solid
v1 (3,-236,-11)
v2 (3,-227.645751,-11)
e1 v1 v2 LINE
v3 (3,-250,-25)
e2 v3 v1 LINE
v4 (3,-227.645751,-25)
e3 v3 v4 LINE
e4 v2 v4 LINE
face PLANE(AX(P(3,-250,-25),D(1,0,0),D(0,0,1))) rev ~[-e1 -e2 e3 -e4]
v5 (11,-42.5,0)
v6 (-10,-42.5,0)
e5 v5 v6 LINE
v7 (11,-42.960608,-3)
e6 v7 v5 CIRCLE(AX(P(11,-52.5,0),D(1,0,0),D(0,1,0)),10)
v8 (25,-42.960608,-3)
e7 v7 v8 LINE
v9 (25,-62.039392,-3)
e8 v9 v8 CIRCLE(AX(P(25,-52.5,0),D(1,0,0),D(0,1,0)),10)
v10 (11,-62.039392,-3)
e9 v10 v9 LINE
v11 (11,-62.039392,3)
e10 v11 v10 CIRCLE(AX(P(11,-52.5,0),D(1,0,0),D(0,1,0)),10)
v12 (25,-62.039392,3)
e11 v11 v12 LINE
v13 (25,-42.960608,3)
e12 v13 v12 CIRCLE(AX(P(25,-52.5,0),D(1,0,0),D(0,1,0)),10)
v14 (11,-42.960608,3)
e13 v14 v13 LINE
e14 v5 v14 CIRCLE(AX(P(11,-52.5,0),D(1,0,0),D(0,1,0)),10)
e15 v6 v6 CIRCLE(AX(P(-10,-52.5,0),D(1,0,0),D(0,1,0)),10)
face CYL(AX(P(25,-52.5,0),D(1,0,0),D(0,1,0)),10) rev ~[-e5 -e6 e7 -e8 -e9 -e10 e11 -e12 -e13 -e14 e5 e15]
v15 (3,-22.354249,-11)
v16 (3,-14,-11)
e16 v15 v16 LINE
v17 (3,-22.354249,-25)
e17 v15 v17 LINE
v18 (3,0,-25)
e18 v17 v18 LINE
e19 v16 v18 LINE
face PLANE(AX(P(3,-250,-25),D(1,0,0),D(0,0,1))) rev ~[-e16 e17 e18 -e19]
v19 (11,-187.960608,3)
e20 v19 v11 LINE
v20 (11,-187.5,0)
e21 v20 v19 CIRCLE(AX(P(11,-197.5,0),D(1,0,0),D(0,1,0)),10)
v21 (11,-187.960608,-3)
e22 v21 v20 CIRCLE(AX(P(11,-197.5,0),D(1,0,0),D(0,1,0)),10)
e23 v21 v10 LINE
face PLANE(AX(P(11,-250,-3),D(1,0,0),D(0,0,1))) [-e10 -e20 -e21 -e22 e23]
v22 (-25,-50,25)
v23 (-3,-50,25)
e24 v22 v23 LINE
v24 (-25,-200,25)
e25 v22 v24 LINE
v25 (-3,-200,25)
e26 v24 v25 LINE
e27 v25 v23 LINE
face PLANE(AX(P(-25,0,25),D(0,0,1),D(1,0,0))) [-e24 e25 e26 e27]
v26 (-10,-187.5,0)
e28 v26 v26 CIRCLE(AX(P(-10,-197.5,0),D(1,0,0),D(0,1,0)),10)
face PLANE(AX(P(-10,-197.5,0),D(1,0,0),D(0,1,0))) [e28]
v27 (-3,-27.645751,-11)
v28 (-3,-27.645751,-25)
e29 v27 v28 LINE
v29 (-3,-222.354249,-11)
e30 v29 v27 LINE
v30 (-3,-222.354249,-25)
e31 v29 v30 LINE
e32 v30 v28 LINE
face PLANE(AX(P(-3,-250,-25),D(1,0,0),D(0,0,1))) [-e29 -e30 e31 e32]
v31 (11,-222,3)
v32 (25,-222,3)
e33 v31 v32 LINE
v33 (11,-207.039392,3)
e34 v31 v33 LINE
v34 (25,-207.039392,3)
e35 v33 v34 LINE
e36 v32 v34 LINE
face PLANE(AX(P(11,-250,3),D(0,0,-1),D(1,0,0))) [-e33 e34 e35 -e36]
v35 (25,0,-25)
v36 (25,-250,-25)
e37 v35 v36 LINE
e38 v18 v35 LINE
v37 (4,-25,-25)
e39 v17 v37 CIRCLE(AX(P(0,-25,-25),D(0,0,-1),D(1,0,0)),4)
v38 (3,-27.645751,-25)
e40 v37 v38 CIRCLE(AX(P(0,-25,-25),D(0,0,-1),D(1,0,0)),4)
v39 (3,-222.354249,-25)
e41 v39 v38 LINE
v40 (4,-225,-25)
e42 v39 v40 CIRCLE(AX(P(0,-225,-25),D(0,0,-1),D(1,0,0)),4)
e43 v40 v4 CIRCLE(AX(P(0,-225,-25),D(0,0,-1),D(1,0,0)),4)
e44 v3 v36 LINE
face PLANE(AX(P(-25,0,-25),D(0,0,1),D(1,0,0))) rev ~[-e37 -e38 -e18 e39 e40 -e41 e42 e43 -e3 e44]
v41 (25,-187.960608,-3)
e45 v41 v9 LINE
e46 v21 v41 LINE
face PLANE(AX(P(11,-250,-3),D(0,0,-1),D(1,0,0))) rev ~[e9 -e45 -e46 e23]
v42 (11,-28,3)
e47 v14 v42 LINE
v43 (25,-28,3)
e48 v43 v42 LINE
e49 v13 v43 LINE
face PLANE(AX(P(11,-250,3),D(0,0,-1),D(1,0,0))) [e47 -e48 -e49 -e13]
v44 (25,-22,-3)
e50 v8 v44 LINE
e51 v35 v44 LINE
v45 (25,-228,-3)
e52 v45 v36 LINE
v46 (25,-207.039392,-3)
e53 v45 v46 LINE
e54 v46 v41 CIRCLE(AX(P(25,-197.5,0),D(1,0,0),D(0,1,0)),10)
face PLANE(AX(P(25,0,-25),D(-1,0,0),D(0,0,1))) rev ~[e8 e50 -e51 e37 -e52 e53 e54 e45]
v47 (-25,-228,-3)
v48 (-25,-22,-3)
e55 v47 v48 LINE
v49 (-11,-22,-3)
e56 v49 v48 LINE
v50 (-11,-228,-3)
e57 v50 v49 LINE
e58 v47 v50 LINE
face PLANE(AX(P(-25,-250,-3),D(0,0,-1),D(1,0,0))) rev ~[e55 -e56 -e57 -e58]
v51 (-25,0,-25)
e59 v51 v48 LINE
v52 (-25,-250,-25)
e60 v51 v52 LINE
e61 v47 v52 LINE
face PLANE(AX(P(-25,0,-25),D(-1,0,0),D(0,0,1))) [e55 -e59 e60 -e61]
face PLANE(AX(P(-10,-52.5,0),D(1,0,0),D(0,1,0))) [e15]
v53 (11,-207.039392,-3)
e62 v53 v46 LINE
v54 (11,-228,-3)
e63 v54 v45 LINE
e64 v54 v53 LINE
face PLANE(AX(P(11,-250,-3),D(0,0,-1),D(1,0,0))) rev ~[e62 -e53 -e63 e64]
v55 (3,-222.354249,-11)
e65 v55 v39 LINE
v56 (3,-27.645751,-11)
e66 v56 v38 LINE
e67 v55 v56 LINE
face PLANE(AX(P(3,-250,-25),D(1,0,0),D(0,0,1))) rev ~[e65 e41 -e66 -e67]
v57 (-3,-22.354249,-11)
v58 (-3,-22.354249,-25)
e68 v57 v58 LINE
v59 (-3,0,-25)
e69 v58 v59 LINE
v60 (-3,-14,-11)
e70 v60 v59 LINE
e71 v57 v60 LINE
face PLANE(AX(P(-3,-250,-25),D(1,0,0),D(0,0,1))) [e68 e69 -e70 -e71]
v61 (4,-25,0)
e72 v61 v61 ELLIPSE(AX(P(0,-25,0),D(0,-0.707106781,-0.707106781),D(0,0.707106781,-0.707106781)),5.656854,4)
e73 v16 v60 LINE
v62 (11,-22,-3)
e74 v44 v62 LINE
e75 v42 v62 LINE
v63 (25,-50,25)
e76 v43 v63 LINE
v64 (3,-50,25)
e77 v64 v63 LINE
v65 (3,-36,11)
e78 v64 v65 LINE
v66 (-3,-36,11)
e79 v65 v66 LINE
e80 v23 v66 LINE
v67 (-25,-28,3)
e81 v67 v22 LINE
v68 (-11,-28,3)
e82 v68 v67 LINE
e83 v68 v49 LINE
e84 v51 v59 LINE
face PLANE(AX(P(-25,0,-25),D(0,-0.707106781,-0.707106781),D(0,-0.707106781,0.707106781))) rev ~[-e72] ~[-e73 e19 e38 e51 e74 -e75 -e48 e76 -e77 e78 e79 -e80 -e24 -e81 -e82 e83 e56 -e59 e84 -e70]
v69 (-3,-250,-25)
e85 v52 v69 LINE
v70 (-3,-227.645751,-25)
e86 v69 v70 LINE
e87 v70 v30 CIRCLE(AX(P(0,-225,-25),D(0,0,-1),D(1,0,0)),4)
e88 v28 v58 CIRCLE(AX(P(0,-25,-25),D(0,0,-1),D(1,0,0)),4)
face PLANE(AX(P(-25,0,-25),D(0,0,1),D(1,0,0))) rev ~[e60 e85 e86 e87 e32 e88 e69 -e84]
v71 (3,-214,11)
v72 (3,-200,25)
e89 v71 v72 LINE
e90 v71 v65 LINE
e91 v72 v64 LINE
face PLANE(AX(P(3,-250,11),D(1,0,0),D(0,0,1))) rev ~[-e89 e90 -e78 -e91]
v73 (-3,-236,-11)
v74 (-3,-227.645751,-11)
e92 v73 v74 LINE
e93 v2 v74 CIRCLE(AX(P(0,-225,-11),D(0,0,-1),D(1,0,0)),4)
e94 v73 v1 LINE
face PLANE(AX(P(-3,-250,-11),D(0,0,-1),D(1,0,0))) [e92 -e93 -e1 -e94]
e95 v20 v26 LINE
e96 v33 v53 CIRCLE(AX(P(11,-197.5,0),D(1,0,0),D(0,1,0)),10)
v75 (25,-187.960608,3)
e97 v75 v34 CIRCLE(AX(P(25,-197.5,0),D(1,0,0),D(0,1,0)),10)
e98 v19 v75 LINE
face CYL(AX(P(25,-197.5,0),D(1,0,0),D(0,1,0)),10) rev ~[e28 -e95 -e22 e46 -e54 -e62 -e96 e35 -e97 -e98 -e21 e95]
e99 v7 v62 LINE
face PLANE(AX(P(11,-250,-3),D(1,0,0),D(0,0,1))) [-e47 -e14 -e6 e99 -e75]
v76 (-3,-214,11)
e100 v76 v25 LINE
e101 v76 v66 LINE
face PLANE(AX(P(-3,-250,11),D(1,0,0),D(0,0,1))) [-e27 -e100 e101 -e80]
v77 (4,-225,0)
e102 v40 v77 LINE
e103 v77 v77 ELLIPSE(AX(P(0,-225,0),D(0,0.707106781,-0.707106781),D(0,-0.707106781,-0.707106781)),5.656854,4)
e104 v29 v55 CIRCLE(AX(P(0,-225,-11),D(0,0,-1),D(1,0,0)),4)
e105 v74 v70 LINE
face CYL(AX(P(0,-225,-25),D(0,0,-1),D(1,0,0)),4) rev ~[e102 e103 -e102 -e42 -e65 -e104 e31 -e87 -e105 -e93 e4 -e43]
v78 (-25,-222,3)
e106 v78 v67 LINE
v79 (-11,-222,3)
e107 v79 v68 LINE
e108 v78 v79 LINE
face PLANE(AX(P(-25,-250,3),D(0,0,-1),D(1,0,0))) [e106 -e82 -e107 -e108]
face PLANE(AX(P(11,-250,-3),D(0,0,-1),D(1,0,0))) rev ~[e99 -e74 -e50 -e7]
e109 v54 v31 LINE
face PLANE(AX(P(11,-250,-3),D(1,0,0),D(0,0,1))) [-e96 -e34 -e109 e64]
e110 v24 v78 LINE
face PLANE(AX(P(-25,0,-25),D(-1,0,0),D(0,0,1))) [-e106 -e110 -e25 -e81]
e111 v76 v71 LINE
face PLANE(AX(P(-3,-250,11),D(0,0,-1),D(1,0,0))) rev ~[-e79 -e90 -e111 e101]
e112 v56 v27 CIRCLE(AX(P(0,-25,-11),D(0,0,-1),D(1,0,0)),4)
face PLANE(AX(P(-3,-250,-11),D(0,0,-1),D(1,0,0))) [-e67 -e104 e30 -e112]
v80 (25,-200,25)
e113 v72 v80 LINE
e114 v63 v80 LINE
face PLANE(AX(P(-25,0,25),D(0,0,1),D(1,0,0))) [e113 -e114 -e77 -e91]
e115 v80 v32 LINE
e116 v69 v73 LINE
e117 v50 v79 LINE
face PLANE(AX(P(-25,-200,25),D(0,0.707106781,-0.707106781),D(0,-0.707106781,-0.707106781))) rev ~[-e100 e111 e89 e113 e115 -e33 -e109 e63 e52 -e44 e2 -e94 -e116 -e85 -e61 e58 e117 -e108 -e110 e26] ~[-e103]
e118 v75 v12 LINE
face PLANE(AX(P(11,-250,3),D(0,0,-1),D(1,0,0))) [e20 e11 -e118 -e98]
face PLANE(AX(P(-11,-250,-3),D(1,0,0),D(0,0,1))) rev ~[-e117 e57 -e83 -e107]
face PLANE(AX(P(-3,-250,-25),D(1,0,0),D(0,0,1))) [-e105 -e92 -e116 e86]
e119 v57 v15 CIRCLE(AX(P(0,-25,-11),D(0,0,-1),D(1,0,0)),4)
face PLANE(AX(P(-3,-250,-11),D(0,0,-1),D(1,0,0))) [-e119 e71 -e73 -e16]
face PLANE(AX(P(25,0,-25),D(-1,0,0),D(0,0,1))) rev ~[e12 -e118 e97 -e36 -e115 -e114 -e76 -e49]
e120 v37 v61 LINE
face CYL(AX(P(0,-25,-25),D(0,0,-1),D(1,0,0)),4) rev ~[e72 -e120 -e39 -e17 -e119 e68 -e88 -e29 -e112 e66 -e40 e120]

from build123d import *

# Parameters (mm, degrees)
F0_W      = 50
F0_H      = 50
F1_DEPTH  = 250
F3_R      = 4
F4_DEPTH  = 50.001
F5_W      = 6
F5_H      = 14
F5_W_2    = 14
F5_H_2    = 6
F6_DEPTH  = 250.001
F8_DEPTH  = 50.001
F9_R      = 10
F10_DEPTH = 35


with BuildPart() as f1:
    # F0 (on Front) → F1 (new body)
    with BuildSketch(Plane.XZ):
        Rectangle(F0_W, F0_H)
    extrude(amount=F1_DEPTH)

    # F3 (on face) → F4 (cut, through all)
    with BuildSketch(Plane(origin=(0, 0, -25), x_dir=(1, 0, 0), z_dir=(0, 0, -1))):
        with Locations((0, 825)):
            Circle(F3_R)
        with Locations((0, 625)):
            Circle(F3_R)
        with Locations((0, 425)):
            Circle(F3_R)
        with Locations((0, 225)):
            Circle(F3_R)
        with Locations((0, 25)):
            Circle(F3_R)
        with Locations((0, -175)):
            Circle(F3_R)
        with Locations((0, -375)):
            Circle(F3_R)
        with Locations((0, -575)):
            Circle(F3_R)
    extrude(amount=-F4_DEPTH, mode=Mode.SUBTRACT)

    # F5 (on face) → F6 (cut, through all)
    with BuildSketch(Plane.XZ.offset(250)):
        with Locations((0, 18)):
            Rectangle(F5_W, F5_H)
        with Locations((0, -18)):
            Rectangle(F5_W, F5_H)
        with Locations((-18, 50)):
            Rectangle(F5_W_2, F5_H_2)
        with Locations((-18, 0)):
            Rectangle(F5_W_2, F5_H_2)
        with Locations((-18, -50)):
            Rectangle(F5_W_2, F5_H_2)
        with Locations((18, 50)):
            Rectangle(F5_W_2, F5_H_2)
        with Locations((18, 0)):
            Rectangle(F5_W_2, F5_H_2)
        with Locations((18, -50)):
            Rectangle(F5_W_2, F5_H_2)
    extrude(amount=-F6_DEPTH, mode=Mode.SUBTRACT)

    # F7 (on face) → F8 (cut, through all)
    with BuildSketch(Plane(origin=(-25, 0, 0), x_dir=(0, -1, 0), z_dir=(-1, 0, 0))):
        Polygon((50, 25), (0, 25), (0, -25), align=None)
        Polygon((250, 25), (200, 25), (250, -25), align=None)
    extrude(amount=-F8_DEPTH, mode=Mode.SUBTRACT)

    # F9 (on face) → F10 (cut)
    with BuildSketch(Plane.YZ.offset(25)):
        with Locations((-197.5, 0)):
            Circle(F9_R)
        with Locations((-52.5, 0)):
            Circle(F9_R)
    extrude(amount=-F10_DEPTH, mode=Mode.SUBTRACT)


solid = f1.part
